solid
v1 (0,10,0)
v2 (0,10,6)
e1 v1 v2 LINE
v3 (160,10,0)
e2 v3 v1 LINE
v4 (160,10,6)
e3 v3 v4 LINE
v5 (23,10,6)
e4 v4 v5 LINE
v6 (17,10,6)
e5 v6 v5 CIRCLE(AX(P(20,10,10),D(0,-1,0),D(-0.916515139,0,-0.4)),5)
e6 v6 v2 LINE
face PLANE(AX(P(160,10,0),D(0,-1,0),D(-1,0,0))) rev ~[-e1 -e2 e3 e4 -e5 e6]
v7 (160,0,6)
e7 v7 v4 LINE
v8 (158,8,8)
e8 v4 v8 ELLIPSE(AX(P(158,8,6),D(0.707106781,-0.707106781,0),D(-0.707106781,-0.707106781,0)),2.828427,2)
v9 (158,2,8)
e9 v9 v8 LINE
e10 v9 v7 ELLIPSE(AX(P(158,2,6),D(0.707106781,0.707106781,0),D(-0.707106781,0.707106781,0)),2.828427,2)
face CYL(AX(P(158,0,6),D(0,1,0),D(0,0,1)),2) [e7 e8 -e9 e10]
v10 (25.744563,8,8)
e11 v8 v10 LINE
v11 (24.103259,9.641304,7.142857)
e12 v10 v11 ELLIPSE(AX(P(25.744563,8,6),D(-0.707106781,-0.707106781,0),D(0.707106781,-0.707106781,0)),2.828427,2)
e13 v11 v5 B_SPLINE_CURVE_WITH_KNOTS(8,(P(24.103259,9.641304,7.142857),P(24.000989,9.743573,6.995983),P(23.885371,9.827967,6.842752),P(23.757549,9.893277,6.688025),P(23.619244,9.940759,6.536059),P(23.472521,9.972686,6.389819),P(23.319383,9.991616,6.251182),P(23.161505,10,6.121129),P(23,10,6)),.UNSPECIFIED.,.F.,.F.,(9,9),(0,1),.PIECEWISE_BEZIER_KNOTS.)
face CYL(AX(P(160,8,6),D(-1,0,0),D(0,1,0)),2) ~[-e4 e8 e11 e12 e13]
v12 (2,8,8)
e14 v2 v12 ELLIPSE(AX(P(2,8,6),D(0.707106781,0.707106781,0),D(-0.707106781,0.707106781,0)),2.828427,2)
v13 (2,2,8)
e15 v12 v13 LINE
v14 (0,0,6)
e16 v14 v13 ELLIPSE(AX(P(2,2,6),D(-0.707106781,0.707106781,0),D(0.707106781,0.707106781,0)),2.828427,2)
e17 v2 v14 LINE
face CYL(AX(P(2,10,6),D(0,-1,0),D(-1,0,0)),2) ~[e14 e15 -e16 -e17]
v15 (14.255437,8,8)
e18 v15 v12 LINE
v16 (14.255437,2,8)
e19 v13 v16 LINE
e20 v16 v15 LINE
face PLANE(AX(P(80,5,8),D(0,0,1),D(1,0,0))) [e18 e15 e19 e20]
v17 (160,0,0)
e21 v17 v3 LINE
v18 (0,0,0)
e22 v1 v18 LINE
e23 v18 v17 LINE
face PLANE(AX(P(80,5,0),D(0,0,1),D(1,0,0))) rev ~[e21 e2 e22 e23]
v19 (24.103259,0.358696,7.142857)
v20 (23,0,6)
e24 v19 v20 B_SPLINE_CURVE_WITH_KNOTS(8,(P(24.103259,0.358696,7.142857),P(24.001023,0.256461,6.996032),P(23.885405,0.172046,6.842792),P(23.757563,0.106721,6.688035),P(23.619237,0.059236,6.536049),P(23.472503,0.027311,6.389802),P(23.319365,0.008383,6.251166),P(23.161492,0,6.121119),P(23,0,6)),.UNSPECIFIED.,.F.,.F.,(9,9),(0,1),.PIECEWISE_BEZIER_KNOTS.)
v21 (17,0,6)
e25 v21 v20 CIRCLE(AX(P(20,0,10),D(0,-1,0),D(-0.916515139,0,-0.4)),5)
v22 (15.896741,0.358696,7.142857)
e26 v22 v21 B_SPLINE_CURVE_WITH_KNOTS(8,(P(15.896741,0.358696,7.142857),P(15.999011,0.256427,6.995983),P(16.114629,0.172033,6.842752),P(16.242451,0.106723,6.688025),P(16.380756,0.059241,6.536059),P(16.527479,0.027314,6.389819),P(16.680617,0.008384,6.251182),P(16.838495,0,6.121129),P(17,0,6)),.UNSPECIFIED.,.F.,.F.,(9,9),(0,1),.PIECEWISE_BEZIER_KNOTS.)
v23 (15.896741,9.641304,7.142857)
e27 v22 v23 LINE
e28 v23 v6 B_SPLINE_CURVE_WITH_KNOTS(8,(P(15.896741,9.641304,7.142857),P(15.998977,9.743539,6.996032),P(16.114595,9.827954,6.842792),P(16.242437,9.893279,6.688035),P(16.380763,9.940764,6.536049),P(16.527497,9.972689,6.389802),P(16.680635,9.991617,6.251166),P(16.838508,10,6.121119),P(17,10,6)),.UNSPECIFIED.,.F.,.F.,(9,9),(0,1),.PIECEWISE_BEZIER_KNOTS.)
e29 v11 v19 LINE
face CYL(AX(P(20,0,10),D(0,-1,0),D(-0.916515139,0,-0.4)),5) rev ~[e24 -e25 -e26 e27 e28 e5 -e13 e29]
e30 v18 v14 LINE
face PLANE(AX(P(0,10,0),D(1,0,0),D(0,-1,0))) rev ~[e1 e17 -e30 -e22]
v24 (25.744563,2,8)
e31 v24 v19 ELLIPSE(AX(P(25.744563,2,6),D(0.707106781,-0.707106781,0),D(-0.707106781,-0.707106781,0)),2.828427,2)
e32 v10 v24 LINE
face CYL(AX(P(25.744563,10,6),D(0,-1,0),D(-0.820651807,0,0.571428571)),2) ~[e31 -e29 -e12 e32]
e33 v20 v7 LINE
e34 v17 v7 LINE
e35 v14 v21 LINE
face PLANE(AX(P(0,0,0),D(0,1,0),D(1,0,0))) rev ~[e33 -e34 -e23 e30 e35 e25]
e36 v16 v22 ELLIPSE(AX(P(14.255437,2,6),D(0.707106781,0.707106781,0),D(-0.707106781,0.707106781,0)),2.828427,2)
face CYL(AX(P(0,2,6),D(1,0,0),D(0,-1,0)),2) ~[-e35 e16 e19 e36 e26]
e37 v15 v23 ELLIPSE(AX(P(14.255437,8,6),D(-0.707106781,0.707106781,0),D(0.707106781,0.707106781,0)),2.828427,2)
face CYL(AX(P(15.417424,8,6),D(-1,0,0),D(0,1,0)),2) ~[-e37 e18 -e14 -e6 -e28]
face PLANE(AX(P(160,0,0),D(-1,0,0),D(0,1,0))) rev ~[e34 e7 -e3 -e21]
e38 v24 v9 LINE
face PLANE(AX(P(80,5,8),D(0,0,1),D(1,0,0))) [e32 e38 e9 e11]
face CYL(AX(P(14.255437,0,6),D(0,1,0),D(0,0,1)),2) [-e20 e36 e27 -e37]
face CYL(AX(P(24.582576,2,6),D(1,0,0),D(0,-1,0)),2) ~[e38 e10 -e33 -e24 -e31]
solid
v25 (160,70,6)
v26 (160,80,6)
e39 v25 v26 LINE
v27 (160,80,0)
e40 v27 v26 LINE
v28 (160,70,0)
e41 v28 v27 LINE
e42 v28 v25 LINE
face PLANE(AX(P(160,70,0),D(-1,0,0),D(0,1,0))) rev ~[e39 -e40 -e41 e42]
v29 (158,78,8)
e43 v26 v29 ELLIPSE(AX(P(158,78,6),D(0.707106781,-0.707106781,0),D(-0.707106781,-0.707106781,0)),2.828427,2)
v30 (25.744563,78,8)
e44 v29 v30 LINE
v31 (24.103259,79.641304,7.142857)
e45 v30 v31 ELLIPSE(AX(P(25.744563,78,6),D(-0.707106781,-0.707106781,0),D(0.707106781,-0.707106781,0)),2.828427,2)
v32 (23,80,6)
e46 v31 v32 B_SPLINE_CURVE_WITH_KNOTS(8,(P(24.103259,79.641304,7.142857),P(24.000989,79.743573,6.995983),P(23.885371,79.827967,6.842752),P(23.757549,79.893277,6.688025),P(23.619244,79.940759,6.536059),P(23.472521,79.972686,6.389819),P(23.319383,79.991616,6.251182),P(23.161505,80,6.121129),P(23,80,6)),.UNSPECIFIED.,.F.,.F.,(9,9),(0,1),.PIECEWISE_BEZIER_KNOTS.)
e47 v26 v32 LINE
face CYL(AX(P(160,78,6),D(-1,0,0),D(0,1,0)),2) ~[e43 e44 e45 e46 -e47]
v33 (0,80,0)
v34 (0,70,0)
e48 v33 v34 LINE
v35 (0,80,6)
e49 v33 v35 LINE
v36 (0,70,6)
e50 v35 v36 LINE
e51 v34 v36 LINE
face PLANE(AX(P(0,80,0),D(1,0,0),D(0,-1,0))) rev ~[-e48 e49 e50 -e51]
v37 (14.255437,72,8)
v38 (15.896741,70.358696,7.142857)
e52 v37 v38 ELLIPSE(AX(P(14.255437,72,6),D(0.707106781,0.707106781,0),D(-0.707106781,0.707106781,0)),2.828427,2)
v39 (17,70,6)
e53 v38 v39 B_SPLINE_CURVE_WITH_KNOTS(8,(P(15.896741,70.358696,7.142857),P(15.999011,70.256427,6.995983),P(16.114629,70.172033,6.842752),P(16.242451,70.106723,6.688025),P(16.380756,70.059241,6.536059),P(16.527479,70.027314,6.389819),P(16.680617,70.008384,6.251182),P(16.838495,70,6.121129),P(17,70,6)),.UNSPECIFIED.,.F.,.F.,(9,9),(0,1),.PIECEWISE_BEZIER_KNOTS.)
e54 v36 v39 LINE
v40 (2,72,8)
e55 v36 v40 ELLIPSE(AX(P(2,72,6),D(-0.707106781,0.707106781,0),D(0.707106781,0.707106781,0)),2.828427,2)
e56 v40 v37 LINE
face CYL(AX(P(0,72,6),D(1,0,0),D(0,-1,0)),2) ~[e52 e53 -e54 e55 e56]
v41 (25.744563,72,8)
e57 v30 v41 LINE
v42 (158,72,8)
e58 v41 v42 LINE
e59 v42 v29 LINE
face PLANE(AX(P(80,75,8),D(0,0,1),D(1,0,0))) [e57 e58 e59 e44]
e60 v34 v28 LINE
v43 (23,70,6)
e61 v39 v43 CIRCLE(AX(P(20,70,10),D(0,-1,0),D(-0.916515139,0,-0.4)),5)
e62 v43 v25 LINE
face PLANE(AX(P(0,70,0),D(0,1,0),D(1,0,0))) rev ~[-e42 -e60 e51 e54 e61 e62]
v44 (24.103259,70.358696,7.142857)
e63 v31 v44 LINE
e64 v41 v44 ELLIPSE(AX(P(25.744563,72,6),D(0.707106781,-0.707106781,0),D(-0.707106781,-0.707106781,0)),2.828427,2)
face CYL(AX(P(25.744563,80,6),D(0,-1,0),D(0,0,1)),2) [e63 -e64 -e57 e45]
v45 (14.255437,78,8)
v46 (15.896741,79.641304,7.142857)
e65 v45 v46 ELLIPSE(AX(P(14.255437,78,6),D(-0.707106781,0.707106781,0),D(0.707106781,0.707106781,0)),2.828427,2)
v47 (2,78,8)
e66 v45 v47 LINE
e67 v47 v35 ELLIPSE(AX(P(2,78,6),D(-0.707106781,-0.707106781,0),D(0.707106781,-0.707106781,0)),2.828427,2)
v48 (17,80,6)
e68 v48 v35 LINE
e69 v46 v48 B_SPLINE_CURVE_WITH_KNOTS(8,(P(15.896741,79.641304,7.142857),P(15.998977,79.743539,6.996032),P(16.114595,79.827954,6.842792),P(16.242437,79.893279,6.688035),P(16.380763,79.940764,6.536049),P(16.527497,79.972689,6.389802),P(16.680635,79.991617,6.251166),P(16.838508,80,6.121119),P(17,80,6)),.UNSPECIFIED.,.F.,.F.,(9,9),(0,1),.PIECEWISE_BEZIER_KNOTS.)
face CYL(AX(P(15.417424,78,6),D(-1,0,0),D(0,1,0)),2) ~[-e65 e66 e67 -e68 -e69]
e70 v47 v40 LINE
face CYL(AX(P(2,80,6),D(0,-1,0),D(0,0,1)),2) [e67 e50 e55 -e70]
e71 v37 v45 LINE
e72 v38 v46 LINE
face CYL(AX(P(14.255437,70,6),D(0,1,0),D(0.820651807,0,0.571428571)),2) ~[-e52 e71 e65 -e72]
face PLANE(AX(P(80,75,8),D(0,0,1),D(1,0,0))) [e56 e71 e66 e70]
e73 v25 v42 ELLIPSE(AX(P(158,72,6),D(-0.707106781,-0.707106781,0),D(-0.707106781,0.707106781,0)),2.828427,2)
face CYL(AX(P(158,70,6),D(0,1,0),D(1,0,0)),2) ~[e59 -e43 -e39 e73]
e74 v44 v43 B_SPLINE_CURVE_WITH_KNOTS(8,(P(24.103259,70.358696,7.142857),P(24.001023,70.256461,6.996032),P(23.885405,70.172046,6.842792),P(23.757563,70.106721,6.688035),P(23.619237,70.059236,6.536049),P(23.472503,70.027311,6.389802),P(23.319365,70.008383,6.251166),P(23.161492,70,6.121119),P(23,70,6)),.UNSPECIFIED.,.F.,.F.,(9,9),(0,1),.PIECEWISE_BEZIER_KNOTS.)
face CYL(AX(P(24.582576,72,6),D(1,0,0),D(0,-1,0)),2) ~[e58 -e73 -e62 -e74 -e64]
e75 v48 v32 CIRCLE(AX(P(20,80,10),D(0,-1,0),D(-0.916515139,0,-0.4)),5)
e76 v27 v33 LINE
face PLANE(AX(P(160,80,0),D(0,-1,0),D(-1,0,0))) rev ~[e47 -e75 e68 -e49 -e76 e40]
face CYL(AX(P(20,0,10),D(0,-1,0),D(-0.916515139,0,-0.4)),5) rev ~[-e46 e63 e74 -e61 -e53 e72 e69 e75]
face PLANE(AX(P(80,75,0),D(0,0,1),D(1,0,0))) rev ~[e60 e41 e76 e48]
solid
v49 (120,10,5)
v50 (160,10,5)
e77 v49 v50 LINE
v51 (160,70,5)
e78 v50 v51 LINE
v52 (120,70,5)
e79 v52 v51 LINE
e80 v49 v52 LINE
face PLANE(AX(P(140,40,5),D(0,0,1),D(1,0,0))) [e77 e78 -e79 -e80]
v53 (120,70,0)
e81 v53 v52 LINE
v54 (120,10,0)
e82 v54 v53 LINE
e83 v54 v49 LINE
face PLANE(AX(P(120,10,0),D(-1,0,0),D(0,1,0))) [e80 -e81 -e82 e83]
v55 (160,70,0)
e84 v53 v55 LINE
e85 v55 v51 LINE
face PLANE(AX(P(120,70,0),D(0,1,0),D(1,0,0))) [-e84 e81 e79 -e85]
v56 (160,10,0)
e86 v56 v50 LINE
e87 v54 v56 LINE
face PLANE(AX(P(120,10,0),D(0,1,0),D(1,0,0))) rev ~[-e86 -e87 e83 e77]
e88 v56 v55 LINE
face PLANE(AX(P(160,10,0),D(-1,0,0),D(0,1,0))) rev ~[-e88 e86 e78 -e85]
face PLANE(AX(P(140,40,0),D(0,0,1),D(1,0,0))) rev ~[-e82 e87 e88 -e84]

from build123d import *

# Parameters (mm, degrees)
F1_DEPTH = 8
F2_W     = 40
F2_H     = 60
F3_DEPTH = 5
F5_DEPTH = 500
F7_DEPTH = 25
F8_R     = 2
F8_2_R   = 2


with BuildPart() as f1:
    # F0 (on Top) → F1 (new body)
    with BuildSketch(Plane.XY):
        Polygon((0, 10), (0, 0), (160, 0), (160, 10), (140, 10), align=None)
    extrude(amount=F1_DEPTH)


with BuildPart() as f1b:
    # F0 (on Top) → F1, piece 2 (new body)
    with BuildSketch(Plane.XY):
        Polygon((140, 70), (160, 70), (160, 80), (0, 80), (0, 70), align=None)
    extrude(amount=F1_DEPTH)


with BuildPart() as f3:
    # F2 (on Top) → F3 (new body)
    with BuildSketch(Plane.XY):
        with Locations((140, 40)):
            Rectangle(F2_W, F2_H)
    extrude(amount=F3_DEPTH)


with BuildPart() as f5_tool:
    # F4 (on face) → F5 (new body)
    with BuildSketch(Plane.XZ):
        with BuildLine():
            ThreePointArc((15.417424305, 8), (21.0215482184, 5.1054684353), (25, 10))
            ThreePointArc((25, 10), (18.9784517816, 14.8945315647), (15.417424305, 8))
        make_face()
    extrude(amount=-F5_DEPTH)


with BuildPart() as f1_1:
    add(f1.part)

    # F5: cut by f5_tool
    add(f5_tool.part, mode=Mode.SUBTRACT)

    # F6 (on face) → F7 (cut)
    with BuildSketch(Plane(origin=(0, 80, 0), x_dir=(-1, 0, 0), z_dir=(0, 1, 0))):
        with BuildLine():
            ThreePointArc((-15.417424305, 8), (-15.1054684353, 8.9784517816), (-15, 10))
            ThreePointArc((-15, 10), (-24.8945315647, 11.0215482184), (-15.417424305, 8))
        make_face()
    extrude(amount=-F7_DEPTH, mode=Mode.SUBTRACT)

    # F8#2
    f8_2_edges = [f1_1.edges().sort_by_distance(p)[0] for p in [
        (92.291288, 10, 8),
        (160, 5, 8),
        (92.291288, 0, 8),
        (24.582576, 5, 8),
        (7.708712, 10, 8),
        (15.417424, 5, 8),
        (7.708712, 0, 8),
        (0, 5, 8),
    ]]
    fillet(f8_2_edges, radius=F8_2_R)


with BuildPart() as f1b_1:
    add(f1b.part)

    # F5: cut by f5_tool
    add(f5_tool.part, mode=Mode.SUBTRACT)

    # F8
    f8_edges = [f1b_1.edges().sort_by_distance(p)[0] for p in [
        (24.582576, 75, 8),
        (92.291288, 80, 8),
        (160, 75, 8),
        (92.291288, 70, 8),
        (7.708712, 70, 8),
        (0, 75, 8),
        (7.708712, 80, 8),
        (15.417424, 75, 8),
    ]]
    fillet(f8_edges, radius=F8_R)


solid = Compound([f3.part, f1_1.part, f1b_1.part])
